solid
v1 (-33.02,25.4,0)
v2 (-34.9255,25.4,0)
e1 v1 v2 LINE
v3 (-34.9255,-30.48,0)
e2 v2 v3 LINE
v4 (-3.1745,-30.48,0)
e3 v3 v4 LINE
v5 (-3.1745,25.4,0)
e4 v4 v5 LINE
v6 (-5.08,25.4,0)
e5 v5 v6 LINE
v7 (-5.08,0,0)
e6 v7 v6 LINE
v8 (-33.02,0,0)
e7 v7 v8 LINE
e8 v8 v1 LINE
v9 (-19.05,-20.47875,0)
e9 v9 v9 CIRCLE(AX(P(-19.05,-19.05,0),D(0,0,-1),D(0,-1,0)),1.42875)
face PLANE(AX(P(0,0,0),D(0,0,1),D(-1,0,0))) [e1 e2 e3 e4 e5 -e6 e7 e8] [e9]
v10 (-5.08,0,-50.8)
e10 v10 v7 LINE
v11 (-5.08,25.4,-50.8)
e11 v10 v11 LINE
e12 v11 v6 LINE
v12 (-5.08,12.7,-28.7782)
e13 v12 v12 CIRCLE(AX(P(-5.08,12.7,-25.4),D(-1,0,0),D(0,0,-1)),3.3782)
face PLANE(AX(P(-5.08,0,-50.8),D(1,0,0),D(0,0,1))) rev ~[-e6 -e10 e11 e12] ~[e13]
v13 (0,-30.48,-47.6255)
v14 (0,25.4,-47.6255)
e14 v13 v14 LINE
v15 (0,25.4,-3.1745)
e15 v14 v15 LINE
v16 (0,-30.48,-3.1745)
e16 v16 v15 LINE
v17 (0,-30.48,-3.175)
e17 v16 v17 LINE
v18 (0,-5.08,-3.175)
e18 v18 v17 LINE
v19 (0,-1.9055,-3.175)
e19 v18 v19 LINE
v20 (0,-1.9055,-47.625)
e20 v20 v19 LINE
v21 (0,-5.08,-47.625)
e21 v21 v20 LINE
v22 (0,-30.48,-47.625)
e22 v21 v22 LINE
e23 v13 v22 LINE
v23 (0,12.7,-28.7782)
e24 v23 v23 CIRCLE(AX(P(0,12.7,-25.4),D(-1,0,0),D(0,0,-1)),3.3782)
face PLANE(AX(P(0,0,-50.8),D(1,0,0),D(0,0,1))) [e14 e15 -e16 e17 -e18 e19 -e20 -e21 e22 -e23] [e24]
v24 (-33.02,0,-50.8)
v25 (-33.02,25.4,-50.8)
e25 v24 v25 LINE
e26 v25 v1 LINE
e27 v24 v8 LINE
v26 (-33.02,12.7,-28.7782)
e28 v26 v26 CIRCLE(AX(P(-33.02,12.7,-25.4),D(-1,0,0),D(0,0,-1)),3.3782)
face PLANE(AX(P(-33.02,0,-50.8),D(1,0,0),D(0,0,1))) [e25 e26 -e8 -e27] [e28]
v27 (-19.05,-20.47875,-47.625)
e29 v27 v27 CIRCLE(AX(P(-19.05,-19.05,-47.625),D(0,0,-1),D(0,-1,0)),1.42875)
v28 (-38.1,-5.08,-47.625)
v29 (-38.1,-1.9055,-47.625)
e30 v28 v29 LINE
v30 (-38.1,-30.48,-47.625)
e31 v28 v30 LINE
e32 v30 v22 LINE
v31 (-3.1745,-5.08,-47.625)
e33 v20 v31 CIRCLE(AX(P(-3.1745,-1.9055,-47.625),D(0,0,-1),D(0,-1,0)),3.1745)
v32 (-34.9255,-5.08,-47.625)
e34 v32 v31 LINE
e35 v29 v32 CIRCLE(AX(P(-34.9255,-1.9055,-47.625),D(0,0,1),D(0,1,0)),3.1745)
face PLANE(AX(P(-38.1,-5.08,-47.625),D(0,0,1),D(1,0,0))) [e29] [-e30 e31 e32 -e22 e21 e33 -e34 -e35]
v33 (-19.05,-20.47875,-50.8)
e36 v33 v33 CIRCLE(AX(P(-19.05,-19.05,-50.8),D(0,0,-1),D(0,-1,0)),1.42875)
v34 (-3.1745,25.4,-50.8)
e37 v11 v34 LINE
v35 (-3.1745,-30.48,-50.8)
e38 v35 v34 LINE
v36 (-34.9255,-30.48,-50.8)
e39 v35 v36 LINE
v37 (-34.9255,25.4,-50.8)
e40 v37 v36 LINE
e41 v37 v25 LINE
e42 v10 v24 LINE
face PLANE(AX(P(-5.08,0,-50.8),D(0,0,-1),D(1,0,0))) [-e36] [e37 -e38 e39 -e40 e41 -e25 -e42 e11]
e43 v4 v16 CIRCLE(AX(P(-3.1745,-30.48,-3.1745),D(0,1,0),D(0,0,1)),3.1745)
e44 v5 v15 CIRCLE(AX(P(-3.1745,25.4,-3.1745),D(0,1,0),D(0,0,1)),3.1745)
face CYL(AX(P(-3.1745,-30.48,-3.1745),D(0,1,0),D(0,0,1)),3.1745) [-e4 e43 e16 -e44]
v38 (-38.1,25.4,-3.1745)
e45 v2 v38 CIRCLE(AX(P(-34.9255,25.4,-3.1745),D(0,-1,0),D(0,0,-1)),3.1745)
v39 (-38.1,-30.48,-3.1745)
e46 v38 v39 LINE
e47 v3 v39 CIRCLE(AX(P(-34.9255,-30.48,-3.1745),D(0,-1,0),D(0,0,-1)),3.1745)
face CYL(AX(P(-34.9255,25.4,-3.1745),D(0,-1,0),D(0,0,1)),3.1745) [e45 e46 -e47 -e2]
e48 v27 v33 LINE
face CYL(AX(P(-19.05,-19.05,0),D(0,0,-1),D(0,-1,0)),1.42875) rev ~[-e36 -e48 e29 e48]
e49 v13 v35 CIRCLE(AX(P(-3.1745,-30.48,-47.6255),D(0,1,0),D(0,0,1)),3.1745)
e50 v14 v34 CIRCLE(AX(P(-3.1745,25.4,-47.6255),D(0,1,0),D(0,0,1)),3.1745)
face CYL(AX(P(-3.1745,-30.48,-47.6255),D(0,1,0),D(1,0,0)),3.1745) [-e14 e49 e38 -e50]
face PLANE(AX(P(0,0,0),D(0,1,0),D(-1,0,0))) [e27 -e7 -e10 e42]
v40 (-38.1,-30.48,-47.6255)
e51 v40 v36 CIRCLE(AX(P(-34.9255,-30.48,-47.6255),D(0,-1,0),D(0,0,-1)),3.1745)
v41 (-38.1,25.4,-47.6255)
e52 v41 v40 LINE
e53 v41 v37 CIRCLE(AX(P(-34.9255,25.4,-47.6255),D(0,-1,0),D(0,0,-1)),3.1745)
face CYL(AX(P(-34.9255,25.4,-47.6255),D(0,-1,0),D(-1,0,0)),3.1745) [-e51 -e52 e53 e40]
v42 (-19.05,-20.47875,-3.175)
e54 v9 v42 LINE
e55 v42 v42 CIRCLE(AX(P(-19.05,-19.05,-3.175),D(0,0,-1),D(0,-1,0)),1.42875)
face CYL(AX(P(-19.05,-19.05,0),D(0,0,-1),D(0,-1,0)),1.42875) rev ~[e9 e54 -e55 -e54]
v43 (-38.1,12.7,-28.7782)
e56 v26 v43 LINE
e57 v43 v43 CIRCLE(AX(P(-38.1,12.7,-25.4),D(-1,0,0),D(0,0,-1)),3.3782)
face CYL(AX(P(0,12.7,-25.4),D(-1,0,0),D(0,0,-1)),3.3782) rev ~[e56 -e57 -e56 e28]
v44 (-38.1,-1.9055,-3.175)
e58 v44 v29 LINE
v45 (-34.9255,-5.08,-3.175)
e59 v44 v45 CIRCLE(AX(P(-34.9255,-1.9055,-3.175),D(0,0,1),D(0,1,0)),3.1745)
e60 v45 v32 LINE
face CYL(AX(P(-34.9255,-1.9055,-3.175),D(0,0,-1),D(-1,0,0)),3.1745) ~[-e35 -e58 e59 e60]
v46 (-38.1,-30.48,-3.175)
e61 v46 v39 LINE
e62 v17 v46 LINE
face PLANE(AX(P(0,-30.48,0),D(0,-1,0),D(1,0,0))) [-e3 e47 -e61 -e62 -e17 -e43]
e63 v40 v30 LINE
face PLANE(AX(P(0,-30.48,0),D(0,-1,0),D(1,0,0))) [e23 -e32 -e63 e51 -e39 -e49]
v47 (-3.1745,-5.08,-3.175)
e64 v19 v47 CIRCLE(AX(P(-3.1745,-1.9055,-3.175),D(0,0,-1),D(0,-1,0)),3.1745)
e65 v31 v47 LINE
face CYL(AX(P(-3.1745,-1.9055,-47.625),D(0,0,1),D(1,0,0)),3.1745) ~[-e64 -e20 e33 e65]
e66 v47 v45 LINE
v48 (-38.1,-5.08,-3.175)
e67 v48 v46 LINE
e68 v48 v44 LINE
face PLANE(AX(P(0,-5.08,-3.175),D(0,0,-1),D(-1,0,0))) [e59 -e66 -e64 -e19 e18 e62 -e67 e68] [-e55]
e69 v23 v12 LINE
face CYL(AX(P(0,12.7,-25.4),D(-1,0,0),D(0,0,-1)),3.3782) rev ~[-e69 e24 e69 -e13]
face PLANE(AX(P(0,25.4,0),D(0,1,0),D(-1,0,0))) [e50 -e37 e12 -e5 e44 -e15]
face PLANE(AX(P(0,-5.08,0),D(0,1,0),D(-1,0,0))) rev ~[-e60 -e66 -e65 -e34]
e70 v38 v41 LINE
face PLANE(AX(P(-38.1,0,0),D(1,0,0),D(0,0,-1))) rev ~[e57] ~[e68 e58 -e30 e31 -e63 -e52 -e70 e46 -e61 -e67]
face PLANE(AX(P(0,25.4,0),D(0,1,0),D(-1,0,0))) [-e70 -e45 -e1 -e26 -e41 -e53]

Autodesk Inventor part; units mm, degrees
ref_plane "YZ Plane" through (0, 0, 0) normal (1, 0, 0) x (0, 1, 0)
ref_plane "XZ Plane" through (0, 0, 0) normal (0, 1, 0) x (-1, 0, 0)
ref_plane "XY Plane" through (0, 0, 0) normal (0, 0, 1) x (1, 0, 0)
sketch "Sketch1" plane through (0, 0, 0) normal (0, 1, 0) x (-1, 0, 0)
  line L0 (0, 0) -> (38.1, 0)
  line L1 (38.1, 0) -> (38.1, -50.8)
  line L2 (38.1, -50.8) -> (0, -50.8)
  line L3 (0, -50.8) -> (0, 0)
  line L4 (38.1, -50.8) -> (33.02, -50.8)
  line L5 (33.02, -50.8) -> (33.02, 0)
  line L6 (33.02, 0) -> (38.1, 0)
  line L7 (38.1, 0) -> (38.1, -50.8)
  line L8 (0, -50.8) -> (5.08, -50.8)
  line L9 (5.08, -50.8) -> (5.08, 0)
  line L10 (5.08, 0) -> (0, 0)
  line L11 (0, 0) -> (0, -50.8)
  dimension "d0" = 38.1
  dimension "d1" = 50.8
  dimension "d2" = 5.08
  dimension "d3" = 5.08
extrude "Extrusion1" add sketch "Sketch1" along normal blind 25.4 contours L0 L9 L2 L3 | L0 L1 L2 L5
extrude "Extrusion2" add sketch "Sketch1" against normal blind 5.08
sketch "Sketch2" plane through (0, 25.4, 0) normal (1, 0, 0) x (0, 0, -1)
  line L0 (50.8, 0) -> (0, 0) projected
  line L1 (25.4, 0) -> (25.4, -12.7)
  point P0 (0, -25.4)
  dimension "d8" = 12.7
hole "Hole1" at (0, 12.7, -25.4) direction (-1, 0, 0) diameter 6.7564 end through all clearance for "Socket Head Cap Screw" size "1/4" standard "Ansi Unified Screw Threads"
sketch "Sketch3" plane through (0, -5.08, 0) normal (0, -1, 0) x (1, 0, 0)
  line L0 (0, -50.8) -> (-5.08, -50.8) projected
  line L1 (0, -50.8) -> (0, -38.1)
  line L2 (0, 0) -> (0, -50.8) projected
  line L3 (0, -38.1) -> (0, -12.7)
  line L4 (0, -38.1) -> (-19.05, -38.1)
  line L5 (0, -12.7) -> (-19.05, -12.7)
  line L6 (-38.1, -50.8) -> (-38.1, 0) projected
  line L7 (0, -39.6875) -> (-38.1, -39.6875)
  line L8 (-38.1, -39.6875) -> (-38.1, -36.5125)
  line L9 (-38.1, -36.5125) -> (0, -36.5125)
  line L10 (0, -36.5125) -> (0, -39.6875)
  line L11 (0, -39.6875) -> (-38.1, -36.5125) construction
  line L12 (-38.1, -39.6875) -> (0, -36.5125) construction
  line L13 (0, -11.1125) -> (-38.1, -11.1125)
  line L14 (-38.1, -11.1125) -> (-38.1, -14.2875)
  line L15 (-38.1, -14.2875) -> (0, -14.2875)
  line L16 (0, -14.2875) -> (0, -11.1125)
  line L17 (0, -11.1125) -> (-38.1, -14.2875) construction
  line L18 (-38.1, -11.1125) -> (0, -14.2875) construction
  line L19 (-38.1, 0) -> (-38.1, -50.8) projected
  line L20 (-38.1, 0) -> (0, 0)
  line L21 (0, 0) -> (0, -3.175)
  line L22 (0, -3.175) -> (-38.1, -3.175)
  line L23 (-38.1, -3.175) -> (-38.1, 0)
  line L24 (0, -50.8) -> (-38.1, -50.8)
  line L25 (-38.1, -50.8) -> (-38.1, -47.625)
  line L26 (-38.1, -47.625) -> (0, -47.625)
  line L27 (0, -47.625) -> (0, -50.8)
  dimension "d16" = 12.7
  dimension "d17" = 25.4
  dimension "d18" = 19.05
  dimension "d19" = 3.175
  dimension "d20" = 3.175
  dimension "d32" = 3.175
  dimension "d33" = 3.175
extrude "Extrusion3" add sketch "Sketch3" along normal blind 25.4 contours L0 L24 L6 L26 L1 | L6 L20 L2 L22
sketch "Sketch4" plane through (-38.1, -5.08, 0) normal (0, 0, 1) x (1, 0, 0)
  line L0 (38.1, -25.4) -> (19.05, -25.4)
  line L1 (19.05, -25.4) -> (19.05, -13.97)
  point P0 (38.1, 5.08)
  dimension "d23" = 11.43
hole "Hole2" at (-19.05, -19.05, 0) direction (0, 0, -1) diameter 2.8575 end through all
fillet "Fillet1" radius 3.175 6 edges at (-38.1, -2.54, 0) (0, -2.54, 0) (0, -2.54, -50.8) (-38.1, -2.54, -50.8) (0, -5.08, -25.4) (-38.1, -5.08, -25.4)
properties part number "Sample Holder end for 8020-thruhole-widestance"
